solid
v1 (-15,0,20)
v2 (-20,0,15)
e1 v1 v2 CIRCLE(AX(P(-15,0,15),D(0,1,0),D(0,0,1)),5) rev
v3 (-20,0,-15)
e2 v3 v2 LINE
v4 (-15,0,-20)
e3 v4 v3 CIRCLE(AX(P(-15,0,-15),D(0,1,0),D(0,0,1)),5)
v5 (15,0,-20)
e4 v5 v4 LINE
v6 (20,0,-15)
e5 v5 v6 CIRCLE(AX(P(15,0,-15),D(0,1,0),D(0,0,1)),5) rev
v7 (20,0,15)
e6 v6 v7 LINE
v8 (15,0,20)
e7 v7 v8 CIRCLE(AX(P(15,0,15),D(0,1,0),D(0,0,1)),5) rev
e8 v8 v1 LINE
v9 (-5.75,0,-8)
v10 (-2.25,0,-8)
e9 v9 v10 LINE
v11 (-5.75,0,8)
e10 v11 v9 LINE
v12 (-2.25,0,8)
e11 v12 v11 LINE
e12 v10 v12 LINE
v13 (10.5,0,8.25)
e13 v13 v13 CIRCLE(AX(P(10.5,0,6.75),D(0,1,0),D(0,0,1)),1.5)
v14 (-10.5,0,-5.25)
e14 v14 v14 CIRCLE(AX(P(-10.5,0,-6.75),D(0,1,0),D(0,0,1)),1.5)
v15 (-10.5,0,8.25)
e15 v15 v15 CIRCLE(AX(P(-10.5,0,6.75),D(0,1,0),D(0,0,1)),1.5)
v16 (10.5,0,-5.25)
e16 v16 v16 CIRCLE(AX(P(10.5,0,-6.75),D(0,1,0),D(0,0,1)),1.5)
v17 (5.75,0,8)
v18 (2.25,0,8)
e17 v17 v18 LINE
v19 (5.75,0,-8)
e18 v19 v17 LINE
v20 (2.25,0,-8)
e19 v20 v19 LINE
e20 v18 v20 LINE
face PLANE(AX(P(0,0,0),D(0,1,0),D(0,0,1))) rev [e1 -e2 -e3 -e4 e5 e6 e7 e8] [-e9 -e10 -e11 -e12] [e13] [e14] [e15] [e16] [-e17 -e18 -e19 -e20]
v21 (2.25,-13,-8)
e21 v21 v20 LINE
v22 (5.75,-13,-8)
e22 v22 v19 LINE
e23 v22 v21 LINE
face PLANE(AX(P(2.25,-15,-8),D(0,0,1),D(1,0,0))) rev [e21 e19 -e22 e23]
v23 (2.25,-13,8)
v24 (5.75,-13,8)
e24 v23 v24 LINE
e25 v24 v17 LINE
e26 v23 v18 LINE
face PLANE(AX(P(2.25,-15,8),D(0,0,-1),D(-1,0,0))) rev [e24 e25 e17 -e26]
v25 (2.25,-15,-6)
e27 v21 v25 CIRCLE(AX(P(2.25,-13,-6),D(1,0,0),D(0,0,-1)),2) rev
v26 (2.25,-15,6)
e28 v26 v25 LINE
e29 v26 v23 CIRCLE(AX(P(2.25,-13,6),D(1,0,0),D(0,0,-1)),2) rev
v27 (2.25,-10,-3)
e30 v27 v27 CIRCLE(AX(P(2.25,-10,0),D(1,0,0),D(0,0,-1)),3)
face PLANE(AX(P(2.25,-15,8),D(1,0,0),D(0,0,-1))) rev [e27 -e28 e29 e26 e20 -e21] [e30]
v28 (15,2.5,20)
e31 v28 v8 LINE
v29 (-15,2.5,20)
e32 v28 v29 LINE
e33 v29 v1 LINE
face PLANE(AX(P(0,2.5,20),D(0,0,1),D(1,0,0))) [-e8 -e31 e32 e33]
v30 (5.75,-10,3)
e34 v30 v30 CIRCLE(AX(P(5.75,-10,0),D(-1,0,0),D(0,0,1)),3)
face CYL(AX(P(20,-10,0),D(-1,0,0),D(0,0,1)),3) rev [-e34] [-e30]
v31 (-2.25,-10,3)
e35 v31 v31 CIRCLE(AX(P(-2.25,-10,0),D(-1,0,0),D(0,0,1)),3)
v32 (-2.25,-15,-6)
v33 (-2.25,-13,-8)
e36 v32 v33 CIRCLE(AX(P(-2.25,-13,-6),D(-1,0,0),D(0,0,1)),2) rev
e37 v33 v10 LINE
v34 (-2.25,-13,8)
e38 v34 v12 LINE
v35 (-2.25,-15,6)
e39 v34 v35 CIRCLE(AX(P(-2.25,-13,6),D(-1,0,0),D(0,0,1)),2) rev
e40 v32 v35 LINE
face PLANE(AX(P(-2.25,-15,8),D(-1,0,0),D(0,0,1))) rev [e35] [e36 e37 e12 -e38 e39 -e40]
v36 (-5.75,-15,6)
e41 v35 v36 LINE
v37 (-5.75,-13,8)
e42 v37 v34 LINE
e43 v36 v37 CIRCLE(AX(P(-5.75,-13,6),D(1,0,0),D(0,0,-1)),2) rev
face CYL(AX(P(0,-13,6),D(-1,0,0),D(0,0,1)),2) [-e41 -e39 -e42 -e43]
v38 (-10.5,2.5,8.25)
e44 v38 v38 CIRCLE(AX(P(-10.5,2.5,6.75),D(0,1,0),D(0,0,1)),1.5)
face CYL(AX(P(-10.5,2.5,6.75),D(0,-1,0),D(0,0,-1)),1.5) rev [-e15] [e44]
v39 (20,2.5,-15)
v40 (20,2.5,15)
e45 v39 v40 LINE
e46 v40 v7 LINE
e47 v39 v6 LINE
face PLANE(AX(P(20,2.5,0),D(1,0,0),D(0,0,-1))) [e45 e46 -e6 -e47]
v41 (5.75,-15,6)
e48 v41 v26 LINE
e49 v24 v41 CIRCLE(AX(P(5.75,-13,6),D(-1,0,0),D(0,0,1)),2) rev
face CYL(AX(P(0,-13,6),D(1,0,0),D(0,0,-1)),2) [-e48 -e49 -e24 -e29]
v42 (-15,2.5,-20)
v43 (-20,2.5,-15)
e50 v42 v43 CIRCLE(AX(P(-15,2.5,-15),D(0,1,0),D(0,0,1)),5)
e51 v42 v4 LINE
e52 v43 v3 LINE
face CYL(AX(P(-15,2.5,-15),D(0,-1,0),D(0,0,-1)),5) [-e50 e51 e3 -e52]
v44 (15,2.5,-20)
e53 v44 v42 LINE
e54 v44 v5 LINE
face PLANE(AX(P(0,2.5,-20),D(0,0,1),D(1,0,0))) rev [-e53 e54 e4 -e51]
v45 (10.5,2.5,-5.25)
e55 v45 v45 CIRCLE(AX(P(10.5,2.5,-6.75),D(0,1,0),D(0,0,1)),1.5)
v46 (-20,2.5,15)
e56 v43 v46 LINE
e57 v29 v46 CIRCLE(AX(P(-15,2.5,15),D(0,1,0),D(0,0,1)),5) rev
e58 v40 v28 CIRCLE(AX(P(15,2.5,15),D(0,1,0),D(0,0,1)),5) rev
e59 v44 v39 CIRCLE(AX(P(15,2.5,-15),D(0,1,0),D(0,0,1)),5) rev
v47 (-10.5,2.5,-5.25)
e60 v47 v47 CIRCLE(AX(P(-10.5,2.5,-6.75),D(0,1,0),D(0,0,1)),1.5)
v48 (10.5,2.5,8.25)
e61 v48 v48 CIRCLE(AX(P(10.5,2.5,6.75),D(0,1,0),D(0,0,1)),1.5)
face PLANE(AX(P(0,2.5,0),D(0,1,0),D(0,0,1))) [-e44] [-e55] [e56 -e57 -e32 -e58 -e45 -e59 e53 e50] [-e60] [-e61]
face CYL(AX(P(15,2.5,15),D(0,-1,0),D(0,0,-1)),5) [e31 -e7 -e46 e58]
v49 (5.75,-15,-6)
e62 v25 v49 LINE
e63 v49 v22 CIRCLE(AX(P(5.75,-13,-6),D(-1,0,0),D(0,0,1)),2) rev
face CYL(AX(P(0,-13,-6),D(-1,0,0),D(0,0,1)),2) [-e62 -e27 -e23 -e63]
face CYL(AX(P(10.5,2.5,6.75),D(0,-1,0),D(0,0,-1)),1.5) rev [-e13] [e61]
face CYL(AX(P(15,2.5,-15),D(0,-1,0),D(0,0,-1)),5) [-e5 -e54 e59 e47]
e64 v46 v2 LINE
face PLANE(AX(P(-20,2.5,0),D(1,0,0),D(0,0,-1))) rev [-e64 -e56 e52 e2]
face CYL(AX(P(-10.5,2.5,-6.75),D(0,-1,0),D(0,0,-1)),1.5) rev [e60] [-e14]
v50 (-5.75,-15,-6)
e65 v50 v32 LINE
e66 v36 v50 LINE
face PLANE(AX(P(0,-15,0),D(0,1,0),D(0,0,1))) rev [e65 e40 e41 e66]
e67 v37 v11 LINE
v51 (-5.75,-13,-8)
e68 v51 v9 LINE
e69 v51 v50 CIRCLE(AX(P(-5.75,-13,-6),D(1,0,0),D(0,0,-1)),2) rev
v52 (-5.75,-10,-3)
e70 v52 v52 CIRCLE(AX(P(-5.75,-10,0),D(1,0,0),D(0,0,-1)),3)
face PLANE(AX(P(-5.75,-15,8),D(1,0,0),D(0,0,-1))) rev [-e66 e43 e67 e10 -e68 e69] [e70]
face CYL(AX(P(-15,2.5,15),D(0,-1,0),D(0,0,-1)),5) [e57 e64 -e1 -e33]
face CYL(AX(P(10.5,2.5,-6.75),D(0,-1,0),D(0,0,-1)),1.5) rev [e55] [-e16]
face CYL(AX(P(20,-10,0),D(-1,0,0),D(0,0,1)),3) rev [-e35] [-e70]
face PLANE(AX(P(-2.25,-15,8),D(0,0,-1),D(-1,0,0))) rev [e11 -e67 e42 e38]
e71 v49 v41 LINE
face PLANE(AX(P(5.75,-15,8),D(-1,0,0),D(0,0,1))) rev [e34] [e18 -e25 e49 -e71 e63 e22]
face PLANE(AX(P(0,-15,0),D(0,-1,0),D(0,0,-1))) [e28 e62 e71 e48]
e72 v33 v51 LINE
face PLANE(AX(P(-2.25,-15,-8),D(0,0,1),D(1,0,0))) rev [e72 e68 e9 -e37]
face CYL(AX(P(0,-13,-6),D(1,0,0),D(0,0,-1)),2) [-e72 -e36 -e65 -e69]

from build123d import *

# Parameters (mm, degrees)
SKETCH1_R               = 1.5
BOSS_EXTRUDE1_DEPTH     = 2.5
SKETCH2_W               = 3.5
SKETCH2_H               = 16
BOSS_EXTRUDE2_DEPTH     = 15
FILLET1_R               = 2
CUT_EXTRUDE1_DEPTH      = 36.889587626
CUT_EXTRUDE1_DEPTH_BACK = 36.889587626
SKETCH3_R               = 3


with BuildPart() as part:
    # Sketch1 → Boss-Extrude1 (new body)
    with BuildSketch(Plane(origin=(0, 0, 0), x_dir=(1, 0, 0), z_dir=(0, 1, 0))):
        with BuildLine():
            Line((15, 20), (-15, 20))
            ThreePointArc((-15, 20), (-18.535533906, 18.535533906), (-20, 15))
            Line((-20, 15), (-20, -15))
            ThreePointArc((-20, -15), (-18.535533906, -18.535533906), (-15, -20))
            Line((-15, -20), (15, -20))
            ThreePointArc((15, -20), (18.535533906, -18.535533906), (20, -15))
            Line((20, -15), (20, 15))
            ThreePointArc((20, 15), (18.535533906, 18.535533906), (15, 20))
        make_face()
        with Locations(Location((10.5, -6.75, 0), (0, 0, 270))):
            Circle(SKETCH1_R, mode=Mode.SUBTRACT)
        with Locations(Location((-10.5, -6.75, 0), (0, 0, 270))):
            Circle(SKETCH1_R, mode=Mode.SUBTRACT)
        with Locations(Location((-10.5, 6.75, 0), (0, 0, 270))):
            Circle(SKETCH1_R, mode=Mode.SUBTRACT)
        with Locations(Location((10.5, 6.75, 0), (0, 0, 270))):
            Circle(SKETCH1_R, mode=Mode.SUBTRACT)
    extrude(amount=BOSS_EXTRUDE1_DEPTH)

    # Sketch2 → Boss-Extrude2 (add)
    with BuildSketch(Plane.XZ):
        with Locations((-4, 0)):
            Rectangle(SKETCH2_W, SKETCH2_H)
        with Locations((4, 0)):
            Rectangle(SKETCH2_W, SKETCH2_H)
    extrude(amount=BOSS_EXTRUDE2_DEPTH)

    # Fillet1
    fillet1_edges = [part.edges().sort_by_distance(p)[0] for p in [
        (-4, -15, -8),
        (-4, -15, 8),
        (4, -15, -8),
        (4, -15, 8),
    ]]
    fillet(fillet1_edges, radius=FILLET1_R)

    # Sketch3 → Cut-Extrude1 (cut, two sides: drawn at the far end of the back side and taken through both)
    with BuildSketch(Plane.ZY.offset(5.75).offset(-CUT_EXTRUDE1_DEPTH_BACK)):
        with Locations((0, -10)):
            Circle(SKETCH3_R)
    extrude(amount=CUT_EXTRUDE1_DEPTH + CUT_EXTRUDE1_DEPTH_BACK, mode=Mode.SUBTRACT)


solid = part.part
